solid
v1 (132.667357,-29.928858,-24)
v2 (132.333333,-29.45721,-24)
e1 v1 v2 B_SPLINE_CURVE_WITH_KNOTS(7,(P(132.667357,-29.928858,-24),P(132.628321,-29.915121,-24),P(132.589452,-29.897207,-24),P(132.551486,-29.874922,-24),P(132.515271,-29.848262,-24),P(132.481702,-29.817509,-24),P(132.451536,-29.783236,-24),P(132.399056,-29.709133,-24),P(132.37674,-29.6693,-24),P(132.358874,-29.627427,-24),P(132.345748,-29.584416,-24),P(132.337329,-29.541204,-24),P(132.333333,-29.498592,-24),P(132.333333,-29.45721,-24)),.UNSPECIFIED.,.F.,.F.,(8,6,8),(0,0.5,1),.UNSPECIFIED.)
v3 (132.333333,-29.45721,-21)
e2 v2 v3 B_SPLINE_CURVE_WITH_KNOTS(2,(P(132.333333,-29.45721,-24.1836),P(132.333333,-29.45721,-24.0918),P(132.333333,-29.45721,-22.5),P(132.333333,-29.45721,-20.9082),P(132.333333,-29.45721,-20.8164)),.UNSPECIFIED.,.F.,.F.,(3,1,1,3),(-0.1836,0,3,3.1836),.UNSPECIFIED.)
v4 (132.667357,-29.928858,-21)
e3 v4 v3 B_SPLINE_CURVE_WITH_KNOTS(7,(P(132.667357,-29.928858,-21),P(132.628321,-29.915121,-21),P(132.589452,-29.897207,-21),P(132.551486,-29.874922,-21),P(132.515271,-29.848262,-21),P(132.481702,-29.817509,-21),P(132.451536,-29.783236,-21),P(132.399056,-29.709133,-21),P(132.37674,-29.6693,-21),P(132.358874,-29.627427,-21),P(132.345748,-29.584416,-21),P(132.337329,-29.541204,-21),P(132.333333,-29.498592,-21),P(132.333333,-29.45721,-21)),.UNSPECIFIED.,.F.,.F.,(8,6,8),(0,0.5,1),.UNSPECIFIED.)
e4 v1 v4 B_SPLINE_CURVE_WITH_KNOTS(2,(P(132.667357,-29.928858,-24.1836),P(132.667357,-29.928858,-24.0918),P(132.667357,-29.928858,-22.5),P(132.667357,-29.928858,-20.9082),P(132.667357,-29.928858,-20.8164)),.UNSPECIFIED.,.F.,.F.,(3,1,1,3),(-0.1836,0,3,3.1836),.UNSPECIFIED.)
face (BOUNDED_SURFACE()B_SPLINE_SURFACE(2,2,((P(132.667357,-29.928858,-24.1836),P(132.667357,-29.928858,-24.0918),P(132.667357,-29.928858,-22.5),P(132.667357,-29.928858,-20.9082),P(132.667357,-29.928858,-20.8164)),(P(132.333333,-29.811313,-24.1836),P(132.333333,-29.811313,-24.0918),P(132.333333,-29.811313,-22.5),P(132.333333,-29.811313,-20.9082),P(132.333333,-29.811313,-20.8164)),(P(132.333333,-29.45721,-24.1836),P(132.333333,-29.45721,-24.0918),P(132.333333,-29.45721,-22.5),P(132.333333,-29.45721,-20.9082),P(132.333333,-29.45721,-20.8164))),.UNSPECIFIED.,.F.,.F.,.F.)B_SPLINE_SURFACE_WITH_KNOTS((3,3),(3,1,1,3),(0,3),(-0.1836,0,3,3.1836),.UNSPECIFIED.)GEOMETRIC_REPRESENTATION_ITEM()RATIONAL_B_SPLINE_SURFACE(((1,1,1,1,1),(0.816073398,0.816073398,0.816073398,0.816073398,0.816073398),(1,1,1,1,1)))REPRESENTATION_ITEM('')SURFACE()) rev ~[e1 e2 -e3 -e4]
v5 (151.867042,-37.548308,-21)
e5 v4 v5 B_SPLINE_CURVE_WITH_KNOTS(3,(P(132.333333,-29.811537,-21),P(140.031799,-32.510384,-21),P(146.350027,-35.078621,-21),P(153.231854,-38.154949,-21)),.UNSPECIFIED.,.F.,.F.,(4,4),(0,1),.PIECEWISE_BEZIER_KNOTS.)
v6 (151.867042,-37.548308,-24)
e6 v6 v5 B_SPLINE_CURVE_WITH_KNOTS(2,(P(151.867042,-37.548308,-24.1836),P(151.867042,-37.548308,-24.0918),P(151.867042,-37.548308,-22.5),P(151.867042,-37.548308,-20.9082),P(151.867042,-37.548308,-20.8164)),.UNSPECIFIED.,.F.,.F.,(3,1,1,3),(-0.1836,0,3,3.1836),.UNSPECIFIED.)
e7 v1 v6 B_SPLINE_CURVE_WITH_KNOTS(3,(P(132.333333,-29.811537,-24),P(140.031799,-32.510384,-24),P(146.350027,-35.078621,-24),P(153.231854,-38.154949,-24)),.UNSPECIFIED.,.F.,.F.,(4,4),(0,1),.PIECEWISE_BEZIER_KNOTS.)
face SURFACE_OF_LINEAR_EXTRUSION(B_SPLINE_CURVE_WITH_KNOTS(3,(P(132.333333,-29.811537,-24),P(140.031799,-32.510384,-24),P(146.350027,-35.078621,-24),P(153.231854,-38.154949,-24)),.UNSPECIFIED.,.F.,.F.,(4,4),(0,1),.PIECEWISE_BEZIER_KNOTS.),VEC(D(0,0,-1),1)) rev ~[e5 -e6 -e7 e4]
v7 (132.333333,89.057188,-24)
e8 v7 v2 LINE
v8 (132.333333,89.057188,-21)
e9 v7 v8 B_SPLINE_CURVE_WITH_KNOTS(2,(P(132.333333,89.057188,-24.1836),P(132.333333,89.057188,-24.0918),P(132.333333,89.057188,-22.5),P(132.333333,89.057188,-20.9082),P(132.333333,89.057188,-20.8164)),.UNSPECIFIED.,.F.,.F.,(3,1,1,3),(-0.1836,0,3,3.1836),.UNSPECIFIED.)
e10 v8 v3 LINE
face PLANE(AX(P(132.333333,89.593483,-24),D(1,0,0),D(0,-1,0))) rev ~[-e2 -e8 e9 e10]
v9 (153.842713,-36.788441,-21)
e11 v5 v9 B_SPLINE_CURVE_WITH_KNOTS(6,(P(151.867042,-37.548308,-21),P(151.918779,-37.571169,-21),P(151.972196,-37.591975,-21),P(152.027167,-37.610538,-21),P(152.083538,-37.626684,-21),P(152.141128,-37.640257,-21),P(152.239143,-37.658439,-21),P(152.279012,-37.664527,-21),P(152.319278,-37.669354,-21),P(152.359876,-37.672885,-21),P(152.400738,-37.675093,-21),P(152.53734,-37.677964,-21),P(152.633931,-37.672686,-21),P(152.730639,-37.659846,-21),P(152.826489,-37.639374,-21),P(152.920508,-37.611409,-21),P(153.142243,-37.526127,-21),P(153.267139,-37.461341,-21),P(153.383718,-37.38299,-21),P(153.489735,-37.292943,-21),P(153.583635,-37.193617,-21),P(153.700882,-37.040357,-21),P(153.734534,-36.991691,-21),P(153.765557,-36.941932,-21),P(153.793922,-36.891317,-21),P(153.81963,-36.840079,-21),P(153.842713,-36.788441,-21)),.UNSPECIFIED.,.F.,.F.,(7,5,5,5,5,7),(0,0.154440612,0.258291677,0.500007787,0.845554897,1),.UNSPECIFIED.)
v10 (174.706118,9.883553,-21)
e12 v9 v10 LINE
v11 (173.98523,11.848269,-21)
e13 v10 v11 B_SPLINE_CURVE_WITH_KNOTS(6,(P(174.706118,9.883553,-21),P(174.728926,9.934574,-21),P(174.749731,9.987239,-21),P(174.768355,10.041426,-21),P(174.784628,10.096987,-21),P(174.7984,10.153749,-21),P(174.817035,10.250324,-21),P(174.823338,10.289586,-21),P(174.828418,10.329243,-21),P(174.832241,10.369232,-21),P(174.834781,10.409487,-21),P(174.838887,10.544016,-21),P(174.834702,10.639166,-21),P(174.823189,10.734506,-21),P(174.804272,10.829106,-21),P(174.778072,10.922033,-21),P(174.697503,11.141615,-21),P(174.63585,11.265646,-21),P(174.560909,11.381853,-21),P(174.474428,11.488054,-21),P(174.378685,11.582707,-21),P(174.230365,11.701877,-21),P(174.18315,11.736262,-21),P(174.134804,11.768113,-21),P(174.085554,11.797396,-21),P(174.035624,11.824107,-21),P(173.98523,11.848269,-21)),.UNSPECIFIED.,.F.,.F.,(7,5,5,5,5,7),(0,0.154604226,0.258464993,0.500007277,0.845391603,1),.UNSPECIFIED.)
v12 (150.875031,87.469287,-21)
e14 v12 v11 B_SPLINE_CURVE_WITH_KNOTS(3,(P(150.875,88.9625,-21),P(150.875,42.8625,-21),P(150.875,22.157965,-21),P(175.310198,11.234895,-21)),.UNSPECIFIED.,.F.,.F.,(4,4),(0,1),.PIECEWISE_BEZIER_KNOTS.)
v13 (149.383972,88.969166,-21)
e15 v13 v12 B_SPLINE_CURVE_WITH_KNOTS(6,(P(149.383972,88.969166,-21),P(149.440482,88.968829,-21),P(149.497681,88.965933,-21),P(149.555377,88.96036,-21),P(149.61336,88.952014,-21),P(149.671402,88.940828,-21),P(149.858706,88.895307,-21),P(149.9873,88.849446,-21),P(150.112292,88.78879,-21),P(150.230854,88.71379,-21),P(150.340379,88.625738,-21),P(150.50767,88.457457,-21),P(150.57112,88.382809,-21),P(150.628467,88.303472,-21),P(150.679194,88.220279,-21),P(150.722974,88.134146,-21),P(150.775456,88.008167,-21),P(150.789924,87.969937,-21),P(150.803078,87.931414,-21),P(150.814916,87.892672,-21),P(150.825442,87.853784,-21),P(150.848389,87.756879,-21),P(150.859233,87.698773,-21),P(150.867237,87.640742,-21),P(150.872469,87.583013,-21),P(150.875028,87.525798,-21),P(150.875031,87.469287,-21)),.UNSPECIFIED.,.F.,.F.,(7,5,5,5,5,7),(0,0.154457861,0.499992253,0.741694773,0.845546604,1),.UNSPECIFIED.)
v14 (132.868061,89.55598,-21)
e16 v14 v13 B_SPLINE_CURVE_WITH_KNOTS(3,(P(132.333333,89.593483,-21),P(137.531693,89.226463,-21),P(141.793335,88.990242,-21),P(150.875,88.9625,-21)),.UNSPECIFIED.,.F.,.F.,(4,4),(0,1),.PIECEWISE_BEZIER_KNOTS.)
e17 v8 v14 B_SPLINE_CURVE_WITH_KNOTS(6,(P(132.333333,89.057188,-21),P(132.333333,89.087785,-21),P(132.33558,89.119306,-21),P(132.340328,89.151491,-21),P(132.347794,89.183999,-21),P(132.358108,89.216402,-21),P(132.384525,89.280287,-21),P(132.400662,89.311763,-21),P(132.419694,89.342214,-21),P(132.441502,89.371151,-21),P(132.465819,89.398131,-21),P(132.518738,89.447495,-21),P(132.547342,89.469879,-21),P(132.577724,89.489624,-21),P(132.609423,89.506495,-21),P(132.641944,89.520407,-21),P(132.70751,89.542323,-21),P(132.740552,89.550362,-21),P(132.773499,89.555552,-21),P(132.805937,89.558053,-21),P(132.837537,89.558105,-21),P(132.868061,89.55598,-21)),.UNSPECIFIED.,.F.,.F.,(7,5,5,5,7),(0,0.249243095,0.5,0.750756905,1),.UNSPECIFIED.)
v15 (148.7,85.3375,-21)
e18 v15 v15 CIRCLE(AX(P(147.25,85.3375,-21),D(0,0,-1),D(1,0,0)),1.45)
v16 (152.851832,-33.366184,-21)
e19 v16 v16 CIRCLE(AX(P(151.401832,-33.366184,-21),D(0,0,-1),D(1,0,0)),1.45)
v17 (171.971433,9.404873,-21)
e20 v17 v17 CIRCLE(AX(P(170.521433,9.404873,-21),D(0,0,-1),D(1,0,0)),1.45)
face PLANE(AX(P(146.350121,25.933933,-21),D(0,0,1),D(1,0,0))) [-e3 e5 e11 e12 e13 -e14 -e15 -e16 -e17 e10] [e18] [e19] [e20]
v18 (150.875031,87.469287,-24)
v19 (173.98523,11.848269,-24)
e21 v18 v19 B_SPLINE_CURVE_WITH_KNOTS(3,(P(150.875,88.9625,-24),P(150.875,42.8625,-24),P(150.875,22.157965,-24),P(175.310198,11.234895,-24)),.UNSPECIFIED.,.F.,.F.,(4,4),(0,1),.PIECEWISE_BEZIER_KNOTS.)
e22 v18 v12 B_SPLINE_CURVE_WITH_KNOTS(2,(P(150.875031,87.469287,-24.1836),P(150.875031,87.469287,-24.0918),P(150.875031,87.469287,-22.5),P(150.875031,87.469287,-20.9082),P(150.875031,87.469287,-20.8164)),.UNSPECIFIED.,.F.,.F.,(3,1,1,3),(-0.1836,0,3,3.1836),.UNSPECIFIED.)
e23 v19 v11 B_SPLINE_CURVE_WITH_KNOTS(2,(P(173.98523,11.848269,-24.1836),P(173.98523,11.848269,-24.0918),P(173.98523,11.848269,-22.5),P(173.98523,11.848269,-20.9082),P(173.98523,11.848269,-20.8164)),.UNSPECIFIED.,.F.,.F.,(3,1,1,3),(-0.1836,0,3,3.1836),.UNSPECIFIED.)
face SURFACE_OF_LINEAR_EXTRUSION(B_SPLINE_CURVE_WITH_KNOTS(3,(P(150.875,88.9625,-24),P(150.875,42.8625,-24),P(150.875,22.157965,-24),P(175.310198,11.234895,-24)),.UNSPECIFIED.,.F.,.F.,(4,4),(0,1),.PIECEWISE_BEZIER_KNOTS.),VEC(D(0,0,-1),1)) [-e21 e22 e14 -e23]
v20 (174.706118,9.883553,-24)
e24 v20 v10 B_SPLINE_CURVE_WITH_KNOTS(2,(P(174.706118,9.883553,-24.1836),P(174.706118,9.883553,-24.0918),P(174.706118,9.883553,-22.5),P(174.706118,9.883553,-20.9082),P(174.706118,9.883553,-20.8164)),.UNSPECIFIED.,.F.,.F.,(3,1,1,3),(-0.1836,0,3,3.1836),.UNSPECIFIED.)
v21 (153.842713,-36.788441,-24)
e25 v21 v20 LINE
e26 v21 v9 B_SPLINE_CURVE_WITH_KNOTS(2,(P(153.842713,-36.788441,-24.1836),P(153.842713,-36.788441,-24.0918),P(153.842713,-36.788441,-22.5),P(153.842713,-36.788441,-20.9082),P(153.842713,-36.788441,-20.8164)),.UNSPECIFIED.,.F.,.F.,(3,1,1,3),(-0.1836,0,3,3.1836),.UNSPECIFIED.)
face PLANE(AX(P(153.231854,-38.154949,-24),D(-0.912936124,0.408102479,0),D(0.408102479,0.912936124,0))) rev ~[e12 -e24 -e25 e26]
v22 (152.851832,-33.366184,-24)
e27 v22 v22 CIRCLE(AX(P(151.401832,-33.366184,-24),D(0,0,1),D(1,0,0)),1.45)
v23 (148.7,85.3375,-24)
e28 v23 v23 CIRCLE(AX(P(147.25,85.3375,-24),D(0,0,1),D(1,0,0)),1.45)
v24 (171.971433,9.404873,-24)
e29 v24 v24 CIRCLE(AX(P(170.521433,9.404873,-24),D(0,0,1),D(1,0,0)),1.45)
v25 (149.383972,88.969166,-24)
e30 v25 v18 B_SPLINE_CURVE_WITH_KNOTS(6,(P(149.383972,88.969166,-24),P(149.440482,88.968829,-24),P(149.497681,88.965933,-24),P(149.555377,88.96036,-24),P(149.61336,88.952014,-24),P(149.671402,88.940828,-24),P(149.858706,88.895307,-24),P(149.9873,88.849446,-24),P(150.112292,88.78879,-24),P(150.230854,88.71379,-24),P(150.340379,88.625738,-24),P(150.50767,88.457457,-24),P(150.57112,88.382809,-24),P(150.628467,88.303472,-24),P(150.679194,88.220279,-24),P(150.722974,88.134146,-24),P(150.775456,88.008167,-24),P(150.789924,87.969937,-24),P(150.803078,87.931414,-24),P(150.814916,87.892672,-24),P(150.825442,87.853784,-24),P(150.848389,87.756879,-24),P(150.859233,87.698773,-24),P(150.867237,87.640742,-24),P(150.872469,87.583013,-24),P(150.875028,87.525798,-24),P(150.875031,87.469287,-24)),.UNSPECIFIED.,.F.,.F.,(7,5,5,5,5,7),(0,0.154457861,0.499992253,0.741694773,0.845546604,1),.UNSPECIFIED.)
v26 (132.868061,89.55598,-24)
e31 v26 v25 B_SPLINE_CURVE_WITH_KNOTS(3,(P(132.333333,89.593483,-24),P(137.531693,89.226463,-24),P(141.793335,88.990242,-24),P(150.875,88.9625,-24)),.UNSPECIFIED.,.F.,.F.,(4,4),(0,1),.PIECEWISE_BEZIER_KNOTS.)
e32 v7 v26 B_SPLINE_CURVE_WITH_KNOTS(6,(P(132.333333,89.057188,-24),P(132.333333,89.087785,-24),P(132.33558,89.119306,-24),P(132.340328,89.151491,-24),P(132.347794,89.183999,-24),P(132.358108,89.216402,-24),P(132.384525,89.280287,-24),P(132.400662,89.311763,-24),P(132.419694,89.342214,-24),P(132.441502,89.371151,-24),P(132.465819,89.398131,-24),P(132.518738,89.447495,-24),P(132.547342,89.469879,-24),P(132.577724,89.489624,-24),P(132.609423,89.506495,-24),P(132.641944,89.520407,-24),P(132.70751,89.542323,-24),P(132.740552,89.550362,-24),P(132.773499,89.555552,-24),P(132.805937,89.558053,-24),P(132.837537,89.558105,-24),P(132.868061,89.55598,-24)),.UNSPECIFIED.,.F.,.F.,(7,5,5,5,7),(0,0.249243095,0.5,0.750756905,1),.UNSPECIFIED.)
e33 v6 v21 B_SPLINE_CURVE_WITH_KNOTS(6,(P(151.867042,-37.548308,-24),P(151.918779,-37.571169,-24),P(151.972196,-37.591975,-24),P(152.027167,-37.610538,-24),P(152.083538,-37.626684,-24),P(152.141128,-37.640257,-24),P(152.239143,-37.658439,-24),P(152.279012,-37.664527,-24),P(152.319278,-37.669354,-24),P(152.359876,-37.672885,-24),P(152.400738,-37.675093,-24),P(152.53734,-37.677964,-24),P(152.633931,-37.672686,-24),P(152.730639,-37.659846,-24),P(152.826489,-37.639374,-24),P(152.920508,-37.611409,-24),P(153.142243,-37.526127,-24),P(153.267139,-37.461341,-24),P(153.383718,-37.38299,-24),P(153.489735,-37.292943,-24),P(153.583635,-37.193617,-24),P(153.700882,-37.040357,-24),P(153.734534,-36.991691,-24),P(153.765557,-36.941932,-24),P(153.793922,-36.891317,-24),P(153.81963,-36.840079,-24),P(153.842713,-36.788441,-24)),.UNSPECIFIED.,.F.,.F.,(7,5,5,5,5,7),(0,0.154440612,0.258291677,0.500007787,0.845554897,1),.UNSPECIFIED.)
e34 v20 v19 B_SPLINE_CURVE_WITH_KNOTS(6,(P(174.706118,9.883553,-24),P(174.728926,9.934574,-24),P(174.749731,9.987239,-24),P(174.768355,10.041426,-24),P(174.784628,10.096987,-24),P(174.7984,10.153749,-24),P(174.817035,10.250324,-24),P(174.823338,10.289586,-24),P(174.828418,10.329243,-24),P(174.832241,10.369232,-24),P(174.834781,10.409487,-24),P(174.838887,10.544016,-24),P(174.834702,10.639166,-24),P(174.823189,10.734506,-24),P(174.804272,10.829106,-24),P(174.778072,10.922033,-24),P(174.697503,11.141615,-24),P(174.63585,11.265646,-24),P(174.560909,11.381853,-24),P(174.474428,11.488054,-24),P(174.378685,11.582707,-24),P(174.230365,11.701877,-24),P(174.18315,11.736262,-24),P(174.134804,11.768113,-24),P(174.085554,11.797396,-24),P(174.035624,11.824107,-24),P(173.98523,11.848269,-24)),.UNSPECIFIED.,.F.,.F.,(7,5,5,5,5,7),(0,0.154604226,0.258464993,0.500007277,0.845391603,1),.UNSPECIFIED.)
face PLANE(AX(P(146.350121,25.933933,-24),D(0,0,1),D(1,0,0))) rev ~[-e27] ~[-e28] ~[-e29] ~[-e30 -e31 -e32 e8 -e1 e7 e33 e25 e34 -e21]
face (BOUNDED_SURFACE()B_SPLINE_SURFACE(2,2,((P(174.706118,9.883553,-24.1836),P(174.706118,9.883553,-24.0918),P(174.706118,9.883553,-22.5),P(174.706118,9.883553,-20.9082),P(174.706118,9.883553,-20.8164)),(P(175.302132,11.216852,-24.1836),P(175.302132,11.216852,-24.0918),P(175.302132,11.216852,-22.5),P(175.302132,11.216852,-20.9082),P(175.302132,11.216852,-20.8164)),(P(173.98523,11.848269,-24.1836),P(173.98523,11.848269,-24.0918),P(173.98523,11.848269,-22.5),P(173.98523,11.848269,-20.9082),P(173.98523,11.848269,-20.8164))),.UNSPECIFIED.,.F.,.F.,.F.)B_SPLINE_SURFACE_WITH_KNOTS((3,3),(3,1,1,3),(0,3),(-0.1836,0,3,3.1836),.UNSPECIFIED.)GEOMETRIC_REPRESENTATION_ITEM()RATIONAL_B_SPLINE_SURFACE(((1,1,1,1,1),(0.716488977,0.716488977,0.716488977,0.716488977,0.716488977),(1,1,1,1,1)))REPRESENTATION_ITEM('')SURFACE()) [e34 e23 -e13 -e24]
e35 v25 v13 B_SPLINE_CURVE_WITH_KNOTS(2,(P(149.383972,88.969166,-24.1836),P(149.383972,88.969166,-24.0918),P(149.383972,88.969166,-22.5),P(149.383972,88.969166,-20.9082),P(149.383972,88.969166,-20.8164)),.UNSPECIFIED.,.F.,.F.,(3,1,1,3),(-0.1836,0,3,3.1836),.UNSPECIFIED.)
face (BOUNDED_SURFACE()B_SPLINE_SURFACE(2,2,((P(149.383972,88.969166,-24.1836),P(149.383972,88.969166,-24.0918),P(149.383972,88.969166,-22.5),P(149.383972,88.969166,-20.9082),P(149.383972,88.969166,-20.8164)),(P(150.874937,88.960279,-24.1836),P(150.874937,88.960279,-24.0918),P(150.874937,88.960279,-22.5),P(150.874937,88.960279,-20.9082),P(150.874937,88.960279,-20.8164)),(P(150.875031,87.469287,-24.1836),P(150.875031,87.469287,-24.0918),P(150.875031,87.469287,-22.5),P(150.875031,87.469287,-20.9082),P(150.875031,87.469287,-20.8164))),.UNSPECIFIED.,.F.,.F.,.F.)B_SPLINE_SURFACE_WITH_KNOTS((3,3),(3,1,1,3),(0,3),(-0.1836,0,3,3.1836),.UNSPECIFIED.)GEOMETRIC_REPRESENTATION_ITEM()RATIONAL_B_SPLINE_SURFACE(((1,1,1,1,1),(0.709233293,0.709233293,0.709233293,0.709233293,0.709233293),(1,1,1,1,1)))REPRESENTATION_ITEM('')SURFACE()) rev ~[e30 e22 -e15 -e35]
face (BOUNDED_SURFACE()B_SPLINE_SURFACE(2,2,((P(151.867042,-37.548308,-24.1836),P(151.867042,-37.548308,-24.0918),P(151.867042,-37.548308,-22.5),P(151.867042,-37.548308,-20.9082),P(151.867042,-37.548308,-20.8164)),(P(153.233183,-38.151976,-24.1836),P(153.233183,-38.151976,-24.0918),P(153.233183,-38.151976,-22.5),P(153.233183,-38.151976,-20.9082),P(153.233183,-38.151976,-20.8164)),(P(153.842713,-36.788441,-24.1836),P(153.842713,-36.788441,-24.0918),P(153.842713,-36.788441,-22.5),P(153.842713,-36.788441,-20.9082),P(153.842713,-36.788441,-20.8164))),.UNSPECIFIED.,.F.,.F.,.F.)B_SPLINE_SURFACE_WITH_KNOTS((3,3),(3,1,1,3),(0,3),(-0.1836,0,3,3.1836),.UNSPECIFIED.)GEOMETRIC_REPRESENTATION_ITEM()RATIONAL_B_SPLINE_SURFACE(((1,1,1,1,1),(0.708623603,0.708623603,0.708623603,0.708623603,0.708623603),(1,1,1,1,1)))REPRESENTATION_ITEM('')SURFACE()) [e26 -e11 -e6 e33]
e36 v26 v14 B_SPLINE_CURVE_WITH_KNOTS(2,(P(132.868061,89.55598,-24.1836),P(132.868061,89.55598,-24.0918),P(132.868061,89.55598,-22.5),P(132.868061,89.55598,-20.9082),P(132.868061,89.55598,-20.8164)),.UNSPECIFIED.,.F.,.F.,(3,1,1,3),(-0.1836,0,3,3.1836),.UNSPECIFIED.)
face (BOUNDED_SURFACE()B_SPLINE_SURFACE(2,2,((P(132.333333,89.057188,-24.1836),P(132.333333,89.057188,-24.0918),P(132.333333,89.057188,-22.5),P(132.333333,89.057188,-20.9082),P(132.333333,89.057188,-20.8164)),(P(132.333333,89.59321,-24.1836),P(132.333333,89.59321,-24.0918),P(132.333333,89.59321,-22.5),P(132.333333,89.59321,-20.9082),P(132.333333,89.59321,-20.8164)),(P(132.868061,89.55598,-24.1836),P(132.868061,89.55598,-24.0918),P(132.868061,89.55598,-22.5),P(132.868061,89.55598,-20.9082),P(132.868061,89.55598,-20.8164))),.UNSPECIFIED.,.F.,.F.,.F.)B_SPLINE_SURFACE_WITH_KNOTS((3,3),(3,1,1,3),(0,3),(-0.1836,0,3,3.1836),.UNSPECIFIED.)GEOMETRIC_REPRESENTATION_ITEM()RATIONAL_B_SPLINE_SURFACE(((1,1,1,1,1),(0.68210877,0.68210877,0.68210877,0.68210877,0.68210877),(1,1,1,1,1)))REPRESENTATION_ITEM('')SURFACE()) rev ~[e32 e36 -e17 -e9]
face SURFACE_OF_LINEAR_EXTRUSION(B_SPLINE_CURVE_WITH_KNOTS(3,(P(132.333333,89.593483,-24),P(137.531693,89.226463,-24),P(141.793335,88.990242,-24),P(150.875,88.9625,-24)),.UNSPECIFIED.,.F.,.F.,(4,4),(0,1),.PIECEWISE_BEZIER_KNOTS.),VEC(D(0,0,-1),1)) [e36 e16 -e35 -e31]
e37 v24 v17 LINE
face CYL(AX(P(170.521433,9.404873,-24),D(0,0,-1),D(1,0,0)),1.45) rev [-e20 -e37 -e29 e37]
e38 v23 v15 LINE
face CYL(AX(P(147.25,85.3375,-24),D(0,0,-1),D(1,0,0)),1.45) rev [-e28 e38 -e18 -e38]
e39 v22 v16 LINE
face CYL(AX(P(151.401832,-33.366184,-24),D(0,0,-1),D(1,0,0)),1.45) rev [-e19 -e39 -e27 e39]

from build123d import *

# Parameters (mm, degrees)
PAD012_DEPTH    = 3
SKETCH047_R     = 1.45
POCKET013_DEPTH = 27
FILLET010_R     = 1.5
FILLET018_R     = 0.5


with BuildPart() as part:
    # Sketch036 → Pad012 (new body)
    with BuildSketch(Plane.XY):
        with BuildLine():
            add(Edge.make_bspline(
                [(132.333333, -29.811537), (140.031799, -32.510384), (146.350027, -35.078621), (153.231854, -38.154949)],
                knots=[0, 0, 0, 0, 1, 1, 1, 1], degree=3))
            Line((153.231854, -38.154949), (175.310198, 11.234895))
            add(Edge.make_bspline(
                [(150.875, 88.9625), (150.875, 42.8625), (150.875, 22.157965), (175.310198, 11.234895)],
                knots=[0, 0, 0, 0, 1, 1, 1, 1], degree=3))
            add(Edge.make_bspline(
                [(132.333333, 89.593483), (137.531693, 89.226463), (141.793335, 88.990242), (150.875, 88.9625)],
                knots=[0, 0, 0, 0, 1, 1, 1, 1], degree=3))
            Line((132.333333, 89.593483), (132.333333, -29.811537))
        make_face()
    extrude(amount=PAD012_DEPTH)

    # Sketch047 → Pocket013 (cut)
    with BuildSketch(Plane.XY):
        with Locations((-4.375, -4.375)):
            Circle(SKETCH047_R)
        with Locations((-4.375, 80.575)):
            Circle(SKETCH047_R)
        with Locations((151.401832, -33.366184)):
            Circle(SKETCH047_R)
        with Locations((170.521433, 9.404873)):
            Circle(SKETCH047_R)
        with Locations((147.25, 85.3375)):
            Circle(SKETCH047_R)
        with Locations((43.25, -13.9)):
            Circle(SKETCH047_R)
        with Locations((57.15, 92.085)):
            Circle(SKETCH047_R)
        with Locations((95.25, 92.085)):
            Circle(SKETCH047_R)
        with Locations((95.25, -13.9)):
            Circle(SKETCH047_R)
    extrude(amount=POCKET013_DEPTH, mode=Mode.SUBTRACT)

    # Fillet010
    fillet010_edges = [part.edges().sort_by_distance(p)[0] for p in [
        (175.310198, 11.234895, 1.5),
        (150.875, 88.9625, 1.5),
        (153.231854, -38.154949, 1.5),
    ]]
    fillet(fillet010_edges, radius=FILLET010_R)

    # Fillet018
    fillet018_edges = [part.edges().sort_by_distance(p)[0] for p in [
        (132.333333, 89.593483, 1.5),
        (132.333333, -29.811537, 1.5),
    ]]
    fillet(fillet018_edges, radius=FILLET018_R)


with BuildPart() as part_1:
    # Body011 placement: moved
    add(part.part.moved(Location((0, 0, -24))))


solid = part_1.part
